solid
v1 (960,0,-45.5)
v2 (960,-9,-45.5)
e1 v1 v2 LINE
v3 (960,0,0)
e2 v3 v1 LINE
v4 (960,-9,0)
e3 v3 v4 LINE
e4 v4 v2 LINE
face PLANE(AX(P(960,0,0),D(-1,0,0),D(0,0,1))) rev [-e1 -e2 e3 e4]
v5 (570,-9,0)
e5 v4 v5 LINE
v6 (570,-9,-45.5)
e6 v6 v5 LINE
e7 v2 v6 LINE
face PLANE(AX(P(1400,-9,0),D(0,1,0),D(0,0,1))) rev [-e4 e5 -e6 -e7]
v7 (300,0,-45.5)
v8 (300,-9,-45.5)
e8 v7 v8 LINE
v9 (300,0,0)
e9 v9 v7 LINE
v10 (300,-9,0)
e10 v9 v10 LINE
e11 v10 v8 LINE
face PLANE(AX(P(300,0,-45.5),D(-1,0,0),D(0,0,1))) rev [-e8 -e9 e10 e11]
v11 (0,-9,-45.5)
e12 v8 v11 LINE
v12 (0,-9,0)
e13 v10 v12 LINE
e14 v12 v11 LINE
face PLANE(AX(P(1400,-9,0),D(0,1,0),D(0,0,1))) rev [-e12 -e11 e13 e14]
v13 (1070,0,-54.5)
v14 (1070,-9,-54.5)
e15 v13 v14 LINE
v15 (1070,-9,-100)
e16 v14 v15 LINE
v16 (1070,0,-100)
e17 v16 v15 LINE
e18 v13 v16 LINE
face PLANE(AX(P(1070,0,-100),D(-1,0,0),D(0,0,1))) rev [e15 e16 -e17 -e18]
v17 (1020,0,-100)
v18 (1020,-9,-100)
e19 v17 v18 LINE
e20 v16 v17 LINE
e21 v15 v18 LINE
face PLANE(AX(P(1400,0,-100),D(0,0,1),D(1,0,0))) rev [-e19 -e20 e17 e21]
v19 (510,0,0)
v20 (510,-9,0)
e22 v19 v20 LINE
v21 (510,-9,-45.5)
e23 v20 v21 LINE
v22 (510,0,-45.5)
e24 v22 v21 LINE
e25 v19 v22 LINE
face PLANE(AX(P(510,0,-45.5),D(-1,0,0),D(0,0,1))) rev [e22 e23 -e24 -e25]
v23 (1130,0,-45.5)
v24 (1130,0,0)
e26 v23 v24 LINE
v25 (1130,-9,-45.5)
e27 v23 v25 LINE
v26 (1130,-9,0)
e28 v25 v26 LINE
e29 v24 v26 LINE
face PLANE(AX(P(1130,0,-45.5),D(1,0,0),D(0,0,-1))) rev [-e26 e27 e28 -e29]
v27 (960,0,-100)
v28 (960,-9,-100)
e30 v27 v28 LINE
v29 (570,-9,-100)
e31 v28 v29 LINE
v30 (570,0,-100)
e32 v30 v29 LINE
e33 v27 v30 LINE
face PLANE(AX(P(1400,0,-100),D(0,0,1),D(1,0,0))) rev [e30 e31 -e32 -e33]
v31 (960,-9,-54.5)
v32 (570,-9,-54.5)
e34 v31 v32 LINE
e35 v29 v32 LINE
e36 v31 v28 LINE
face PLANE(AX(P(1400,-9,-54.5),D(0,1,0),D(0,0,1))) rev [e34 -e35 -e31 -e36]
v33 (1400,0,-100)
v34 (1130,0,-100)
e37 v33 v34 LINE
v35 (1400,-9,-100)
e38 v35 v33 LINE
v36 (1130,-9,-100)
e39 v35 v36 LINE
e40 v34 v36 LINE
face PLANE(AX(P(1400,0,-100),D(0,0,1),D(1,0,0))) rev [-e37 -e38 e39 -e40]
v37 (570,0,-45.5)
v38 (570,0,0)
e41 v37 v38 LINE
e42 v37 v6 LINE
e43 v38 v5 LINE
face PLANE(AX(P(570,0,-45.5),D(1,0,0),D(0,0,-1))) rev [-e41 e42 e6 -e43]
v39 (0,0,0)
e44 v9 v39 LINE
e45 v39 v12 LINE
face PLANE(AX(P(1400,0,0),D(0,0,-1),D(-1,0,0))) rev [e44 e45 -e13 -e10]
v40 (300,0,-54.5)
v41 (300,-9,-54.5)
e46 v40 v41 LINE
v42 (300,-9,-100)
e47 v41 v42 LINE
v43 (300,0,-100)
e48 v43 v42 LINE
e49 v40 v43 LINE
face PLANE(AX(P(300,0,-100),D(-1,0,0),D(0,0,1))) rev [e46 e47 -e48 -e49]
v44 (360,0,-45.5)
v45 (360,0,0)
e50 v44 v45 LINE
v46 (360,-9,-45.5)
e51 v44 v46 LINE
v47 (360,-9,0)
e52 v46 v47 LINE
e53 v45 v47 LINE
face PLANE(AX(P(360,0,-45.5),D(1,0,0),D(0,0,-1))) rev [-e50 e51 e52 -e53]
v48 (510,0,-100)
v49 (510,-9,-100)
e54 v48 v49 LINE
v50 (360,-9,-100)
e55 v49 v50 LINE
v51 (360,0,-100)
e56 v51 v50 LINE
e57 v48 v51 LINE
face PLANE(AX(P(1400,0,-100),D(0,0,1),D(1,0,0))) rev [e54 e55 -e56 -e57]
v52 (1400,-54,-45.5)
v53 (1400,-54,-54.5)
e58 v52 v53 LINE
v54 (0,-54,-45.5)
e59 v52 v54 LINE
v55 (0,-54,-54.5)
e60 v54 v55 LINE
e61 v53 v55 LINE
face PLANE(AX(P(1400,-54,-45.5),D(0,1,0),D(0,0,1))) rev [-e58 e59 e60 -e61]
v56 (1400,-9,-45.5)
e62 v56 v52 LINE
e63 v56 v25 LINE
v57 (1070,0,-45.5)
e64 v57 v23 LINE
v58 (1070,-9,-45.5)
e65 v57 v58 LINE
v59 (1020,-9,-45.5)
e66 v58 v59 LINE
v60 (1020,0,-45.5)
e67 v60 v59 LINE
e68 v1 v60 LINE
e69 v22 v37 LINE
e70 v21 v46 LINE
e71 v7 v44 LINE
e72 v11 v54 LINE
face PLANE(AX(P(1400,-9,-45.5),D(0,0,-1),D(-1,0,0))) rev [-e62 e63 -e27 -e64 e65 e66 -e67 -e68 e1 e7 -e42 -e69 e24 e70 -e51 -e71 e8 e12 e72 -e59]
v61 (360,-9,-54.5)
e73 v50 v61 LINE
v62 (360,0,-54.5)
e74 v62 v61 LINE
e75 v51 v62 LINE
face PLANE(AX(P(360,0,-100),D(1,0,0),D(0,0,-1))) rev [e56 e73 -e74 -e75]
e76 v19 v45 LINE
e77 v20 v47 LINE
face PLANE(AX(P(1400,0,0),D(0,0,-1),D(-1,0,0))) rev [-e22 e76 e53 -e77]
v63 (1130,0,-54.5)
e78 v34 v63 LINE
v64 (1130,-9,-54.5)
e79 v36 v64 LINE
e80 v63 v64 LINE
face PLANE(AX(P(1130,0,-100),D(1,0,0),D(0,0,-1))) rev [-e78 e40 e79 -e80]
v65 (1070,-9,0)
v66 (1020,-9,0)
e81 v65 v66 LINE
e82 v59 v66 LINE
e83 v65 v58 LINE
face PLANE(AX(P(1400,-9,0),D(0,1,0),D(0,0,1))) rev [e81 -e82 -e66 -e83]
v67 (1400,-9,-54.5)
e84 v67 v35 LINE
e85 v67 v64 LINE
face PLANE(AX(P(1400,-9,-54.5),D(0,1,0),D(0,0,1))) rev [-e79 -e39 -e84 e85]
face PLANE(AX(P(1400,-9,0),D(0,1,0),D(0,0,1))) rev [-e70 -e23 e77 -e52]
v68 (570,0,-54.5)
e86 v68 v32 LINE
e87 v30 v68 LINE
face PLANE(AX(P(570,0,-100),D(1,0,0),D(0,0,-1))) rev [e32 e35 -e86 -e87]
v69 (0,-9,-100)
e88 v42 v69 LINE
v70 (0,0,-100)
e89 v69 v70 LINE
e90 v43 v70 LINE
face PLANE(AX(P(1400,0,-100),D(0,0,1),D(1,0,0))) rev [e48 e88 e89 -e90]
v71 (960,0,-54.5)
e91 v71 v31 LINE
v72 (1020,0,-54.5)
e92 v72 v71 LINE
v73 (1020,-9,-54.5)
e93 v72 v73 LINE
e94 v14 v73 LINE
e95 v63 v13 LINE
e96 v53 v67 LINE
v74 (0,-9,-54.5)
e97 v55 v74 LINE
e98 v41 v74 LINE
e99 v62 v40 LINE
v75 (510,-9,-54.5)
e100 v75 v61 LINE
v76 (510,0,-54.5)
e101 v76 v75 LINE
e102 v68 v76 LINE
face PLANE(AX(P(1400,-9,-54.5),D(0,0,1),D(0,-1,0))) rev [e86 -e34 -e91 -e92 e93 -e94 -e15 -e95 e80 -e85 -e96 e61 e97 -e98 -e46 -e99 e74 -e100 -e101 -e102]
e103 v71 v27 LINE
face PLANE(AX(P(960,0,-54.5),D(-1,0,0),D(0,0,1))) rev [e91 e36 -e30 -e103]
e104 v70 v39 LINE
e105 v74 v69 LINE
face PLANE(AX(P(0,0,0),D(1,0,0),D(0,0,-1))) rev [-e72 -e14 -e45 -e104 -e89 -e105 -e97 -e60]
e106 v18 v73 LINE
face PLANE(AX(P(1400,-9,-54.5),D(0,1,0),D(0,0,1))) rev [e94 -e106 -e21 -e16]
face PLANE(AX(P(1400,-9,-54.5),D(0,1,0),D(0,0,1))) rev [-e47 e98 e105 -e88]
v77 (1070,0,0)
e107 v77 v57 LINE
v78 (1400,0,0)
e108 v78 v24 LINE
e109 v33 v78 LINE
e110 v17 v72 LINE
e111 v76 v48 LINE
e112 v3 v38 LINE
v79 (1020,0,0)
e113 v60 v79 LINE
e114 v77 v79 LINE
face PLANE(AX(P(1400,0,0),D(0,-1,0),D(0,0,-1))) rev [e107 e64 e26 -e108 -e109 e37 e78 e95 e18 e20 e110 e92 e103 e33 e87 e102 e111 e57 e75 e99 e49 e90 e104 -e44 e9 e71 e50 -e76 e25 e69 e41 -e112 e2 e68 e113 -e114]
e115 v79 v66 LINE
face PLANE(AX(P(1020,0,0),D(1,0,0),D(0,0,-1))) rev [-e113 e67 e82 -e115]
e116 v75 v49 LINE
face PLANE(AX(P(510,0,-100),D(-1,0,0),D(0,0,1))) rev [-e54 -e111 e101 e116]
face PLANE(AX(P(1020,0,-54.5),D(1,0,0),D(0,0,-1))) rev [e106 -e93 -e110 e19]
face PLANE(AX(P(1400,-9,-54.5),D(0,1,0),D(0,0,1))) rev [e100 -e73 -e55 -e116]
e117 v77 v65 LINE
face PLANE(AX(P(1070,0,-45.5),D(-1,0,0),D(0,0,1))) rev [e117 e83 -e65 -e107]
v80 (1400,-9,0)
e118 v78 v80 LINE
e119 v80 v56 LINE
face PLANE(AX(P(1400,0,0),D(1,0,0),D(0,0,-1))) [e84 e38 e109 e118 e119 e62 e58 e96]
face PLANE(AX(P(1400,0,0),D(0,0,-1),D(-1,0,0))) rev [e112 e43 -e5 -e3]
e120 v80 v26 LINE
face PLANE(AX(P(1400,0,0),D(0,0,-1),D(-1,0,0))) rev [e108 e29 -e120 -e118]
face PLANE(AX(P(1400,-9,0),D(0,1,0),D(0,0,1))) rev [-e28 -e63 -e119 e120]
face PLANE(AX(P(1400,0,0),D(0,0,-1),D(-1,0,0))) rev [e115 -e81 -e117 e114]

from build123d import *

# Parameters (mm, degrees)
BOSS_EXTRUDE1_DEPTH = 1400
SKETCH1_W           = 60
SKETCH1_H           = 45.5
CUT_EXTRUDE1_DEPTH  = 1405.288075859


with BuildPart() as part:
    # Sketch T → Boss-Extrude1 (new body)
    with BuildSketch(Plane(origin=(0, 0, 0), x_dir=(0, 0, -1), z_dir=(1, 0, 0))):
        Polygon((0, 0), (100, 0), (100, -9), (54.5, -9), (54.5, -54), (45.5, -54), (45.5, -9), (0, -9), align=None)
    extrude(amount=BOSS_EXTRUDE1_DEPTH)

    # Sketch1 → Cut-Extrude1 (cut, through all)
    with BuildSketch(Plane(origin=(0, -9, 0), x_dir=(-1, 0, 0), z_dir=(0, -1, 0))):
        with Locations((-330, 22.75)):
            Rectangle(SKETCH1_W, SKETCH1_H)
        with Locations((-540, 22.75)):
            Rectangle(SKETCH1_W, SKETCH1_H)
        with Locations((-1100, 22.75)):
            Rectangle(SKETCH1_W, SKETCH1_H)
        with Locations((-1100, 77.25)):
            Rectangle(SKETCH1_W, SKETCH1_H)
        with Locations((-540, 77.25)):
            Rectangle(SKETCH1_W, SKETCH1_H)
        with Locations((-330, 77.25)):
            Rectangle(SKETCH1_W, SKETCH1_H)
        with Locations((-990, 22.75)):
            Rectangle(SKETCH1_W, SKETCH1_H)
        with Locations((-990, 77.25)):
            Rectangle(SKETCH1_W, SKETCH1_H)
    extrude(amount=-CUT_EXTRUDE1_DEPTH, mode=Mode.SUBTRACT)


solid = part.part
